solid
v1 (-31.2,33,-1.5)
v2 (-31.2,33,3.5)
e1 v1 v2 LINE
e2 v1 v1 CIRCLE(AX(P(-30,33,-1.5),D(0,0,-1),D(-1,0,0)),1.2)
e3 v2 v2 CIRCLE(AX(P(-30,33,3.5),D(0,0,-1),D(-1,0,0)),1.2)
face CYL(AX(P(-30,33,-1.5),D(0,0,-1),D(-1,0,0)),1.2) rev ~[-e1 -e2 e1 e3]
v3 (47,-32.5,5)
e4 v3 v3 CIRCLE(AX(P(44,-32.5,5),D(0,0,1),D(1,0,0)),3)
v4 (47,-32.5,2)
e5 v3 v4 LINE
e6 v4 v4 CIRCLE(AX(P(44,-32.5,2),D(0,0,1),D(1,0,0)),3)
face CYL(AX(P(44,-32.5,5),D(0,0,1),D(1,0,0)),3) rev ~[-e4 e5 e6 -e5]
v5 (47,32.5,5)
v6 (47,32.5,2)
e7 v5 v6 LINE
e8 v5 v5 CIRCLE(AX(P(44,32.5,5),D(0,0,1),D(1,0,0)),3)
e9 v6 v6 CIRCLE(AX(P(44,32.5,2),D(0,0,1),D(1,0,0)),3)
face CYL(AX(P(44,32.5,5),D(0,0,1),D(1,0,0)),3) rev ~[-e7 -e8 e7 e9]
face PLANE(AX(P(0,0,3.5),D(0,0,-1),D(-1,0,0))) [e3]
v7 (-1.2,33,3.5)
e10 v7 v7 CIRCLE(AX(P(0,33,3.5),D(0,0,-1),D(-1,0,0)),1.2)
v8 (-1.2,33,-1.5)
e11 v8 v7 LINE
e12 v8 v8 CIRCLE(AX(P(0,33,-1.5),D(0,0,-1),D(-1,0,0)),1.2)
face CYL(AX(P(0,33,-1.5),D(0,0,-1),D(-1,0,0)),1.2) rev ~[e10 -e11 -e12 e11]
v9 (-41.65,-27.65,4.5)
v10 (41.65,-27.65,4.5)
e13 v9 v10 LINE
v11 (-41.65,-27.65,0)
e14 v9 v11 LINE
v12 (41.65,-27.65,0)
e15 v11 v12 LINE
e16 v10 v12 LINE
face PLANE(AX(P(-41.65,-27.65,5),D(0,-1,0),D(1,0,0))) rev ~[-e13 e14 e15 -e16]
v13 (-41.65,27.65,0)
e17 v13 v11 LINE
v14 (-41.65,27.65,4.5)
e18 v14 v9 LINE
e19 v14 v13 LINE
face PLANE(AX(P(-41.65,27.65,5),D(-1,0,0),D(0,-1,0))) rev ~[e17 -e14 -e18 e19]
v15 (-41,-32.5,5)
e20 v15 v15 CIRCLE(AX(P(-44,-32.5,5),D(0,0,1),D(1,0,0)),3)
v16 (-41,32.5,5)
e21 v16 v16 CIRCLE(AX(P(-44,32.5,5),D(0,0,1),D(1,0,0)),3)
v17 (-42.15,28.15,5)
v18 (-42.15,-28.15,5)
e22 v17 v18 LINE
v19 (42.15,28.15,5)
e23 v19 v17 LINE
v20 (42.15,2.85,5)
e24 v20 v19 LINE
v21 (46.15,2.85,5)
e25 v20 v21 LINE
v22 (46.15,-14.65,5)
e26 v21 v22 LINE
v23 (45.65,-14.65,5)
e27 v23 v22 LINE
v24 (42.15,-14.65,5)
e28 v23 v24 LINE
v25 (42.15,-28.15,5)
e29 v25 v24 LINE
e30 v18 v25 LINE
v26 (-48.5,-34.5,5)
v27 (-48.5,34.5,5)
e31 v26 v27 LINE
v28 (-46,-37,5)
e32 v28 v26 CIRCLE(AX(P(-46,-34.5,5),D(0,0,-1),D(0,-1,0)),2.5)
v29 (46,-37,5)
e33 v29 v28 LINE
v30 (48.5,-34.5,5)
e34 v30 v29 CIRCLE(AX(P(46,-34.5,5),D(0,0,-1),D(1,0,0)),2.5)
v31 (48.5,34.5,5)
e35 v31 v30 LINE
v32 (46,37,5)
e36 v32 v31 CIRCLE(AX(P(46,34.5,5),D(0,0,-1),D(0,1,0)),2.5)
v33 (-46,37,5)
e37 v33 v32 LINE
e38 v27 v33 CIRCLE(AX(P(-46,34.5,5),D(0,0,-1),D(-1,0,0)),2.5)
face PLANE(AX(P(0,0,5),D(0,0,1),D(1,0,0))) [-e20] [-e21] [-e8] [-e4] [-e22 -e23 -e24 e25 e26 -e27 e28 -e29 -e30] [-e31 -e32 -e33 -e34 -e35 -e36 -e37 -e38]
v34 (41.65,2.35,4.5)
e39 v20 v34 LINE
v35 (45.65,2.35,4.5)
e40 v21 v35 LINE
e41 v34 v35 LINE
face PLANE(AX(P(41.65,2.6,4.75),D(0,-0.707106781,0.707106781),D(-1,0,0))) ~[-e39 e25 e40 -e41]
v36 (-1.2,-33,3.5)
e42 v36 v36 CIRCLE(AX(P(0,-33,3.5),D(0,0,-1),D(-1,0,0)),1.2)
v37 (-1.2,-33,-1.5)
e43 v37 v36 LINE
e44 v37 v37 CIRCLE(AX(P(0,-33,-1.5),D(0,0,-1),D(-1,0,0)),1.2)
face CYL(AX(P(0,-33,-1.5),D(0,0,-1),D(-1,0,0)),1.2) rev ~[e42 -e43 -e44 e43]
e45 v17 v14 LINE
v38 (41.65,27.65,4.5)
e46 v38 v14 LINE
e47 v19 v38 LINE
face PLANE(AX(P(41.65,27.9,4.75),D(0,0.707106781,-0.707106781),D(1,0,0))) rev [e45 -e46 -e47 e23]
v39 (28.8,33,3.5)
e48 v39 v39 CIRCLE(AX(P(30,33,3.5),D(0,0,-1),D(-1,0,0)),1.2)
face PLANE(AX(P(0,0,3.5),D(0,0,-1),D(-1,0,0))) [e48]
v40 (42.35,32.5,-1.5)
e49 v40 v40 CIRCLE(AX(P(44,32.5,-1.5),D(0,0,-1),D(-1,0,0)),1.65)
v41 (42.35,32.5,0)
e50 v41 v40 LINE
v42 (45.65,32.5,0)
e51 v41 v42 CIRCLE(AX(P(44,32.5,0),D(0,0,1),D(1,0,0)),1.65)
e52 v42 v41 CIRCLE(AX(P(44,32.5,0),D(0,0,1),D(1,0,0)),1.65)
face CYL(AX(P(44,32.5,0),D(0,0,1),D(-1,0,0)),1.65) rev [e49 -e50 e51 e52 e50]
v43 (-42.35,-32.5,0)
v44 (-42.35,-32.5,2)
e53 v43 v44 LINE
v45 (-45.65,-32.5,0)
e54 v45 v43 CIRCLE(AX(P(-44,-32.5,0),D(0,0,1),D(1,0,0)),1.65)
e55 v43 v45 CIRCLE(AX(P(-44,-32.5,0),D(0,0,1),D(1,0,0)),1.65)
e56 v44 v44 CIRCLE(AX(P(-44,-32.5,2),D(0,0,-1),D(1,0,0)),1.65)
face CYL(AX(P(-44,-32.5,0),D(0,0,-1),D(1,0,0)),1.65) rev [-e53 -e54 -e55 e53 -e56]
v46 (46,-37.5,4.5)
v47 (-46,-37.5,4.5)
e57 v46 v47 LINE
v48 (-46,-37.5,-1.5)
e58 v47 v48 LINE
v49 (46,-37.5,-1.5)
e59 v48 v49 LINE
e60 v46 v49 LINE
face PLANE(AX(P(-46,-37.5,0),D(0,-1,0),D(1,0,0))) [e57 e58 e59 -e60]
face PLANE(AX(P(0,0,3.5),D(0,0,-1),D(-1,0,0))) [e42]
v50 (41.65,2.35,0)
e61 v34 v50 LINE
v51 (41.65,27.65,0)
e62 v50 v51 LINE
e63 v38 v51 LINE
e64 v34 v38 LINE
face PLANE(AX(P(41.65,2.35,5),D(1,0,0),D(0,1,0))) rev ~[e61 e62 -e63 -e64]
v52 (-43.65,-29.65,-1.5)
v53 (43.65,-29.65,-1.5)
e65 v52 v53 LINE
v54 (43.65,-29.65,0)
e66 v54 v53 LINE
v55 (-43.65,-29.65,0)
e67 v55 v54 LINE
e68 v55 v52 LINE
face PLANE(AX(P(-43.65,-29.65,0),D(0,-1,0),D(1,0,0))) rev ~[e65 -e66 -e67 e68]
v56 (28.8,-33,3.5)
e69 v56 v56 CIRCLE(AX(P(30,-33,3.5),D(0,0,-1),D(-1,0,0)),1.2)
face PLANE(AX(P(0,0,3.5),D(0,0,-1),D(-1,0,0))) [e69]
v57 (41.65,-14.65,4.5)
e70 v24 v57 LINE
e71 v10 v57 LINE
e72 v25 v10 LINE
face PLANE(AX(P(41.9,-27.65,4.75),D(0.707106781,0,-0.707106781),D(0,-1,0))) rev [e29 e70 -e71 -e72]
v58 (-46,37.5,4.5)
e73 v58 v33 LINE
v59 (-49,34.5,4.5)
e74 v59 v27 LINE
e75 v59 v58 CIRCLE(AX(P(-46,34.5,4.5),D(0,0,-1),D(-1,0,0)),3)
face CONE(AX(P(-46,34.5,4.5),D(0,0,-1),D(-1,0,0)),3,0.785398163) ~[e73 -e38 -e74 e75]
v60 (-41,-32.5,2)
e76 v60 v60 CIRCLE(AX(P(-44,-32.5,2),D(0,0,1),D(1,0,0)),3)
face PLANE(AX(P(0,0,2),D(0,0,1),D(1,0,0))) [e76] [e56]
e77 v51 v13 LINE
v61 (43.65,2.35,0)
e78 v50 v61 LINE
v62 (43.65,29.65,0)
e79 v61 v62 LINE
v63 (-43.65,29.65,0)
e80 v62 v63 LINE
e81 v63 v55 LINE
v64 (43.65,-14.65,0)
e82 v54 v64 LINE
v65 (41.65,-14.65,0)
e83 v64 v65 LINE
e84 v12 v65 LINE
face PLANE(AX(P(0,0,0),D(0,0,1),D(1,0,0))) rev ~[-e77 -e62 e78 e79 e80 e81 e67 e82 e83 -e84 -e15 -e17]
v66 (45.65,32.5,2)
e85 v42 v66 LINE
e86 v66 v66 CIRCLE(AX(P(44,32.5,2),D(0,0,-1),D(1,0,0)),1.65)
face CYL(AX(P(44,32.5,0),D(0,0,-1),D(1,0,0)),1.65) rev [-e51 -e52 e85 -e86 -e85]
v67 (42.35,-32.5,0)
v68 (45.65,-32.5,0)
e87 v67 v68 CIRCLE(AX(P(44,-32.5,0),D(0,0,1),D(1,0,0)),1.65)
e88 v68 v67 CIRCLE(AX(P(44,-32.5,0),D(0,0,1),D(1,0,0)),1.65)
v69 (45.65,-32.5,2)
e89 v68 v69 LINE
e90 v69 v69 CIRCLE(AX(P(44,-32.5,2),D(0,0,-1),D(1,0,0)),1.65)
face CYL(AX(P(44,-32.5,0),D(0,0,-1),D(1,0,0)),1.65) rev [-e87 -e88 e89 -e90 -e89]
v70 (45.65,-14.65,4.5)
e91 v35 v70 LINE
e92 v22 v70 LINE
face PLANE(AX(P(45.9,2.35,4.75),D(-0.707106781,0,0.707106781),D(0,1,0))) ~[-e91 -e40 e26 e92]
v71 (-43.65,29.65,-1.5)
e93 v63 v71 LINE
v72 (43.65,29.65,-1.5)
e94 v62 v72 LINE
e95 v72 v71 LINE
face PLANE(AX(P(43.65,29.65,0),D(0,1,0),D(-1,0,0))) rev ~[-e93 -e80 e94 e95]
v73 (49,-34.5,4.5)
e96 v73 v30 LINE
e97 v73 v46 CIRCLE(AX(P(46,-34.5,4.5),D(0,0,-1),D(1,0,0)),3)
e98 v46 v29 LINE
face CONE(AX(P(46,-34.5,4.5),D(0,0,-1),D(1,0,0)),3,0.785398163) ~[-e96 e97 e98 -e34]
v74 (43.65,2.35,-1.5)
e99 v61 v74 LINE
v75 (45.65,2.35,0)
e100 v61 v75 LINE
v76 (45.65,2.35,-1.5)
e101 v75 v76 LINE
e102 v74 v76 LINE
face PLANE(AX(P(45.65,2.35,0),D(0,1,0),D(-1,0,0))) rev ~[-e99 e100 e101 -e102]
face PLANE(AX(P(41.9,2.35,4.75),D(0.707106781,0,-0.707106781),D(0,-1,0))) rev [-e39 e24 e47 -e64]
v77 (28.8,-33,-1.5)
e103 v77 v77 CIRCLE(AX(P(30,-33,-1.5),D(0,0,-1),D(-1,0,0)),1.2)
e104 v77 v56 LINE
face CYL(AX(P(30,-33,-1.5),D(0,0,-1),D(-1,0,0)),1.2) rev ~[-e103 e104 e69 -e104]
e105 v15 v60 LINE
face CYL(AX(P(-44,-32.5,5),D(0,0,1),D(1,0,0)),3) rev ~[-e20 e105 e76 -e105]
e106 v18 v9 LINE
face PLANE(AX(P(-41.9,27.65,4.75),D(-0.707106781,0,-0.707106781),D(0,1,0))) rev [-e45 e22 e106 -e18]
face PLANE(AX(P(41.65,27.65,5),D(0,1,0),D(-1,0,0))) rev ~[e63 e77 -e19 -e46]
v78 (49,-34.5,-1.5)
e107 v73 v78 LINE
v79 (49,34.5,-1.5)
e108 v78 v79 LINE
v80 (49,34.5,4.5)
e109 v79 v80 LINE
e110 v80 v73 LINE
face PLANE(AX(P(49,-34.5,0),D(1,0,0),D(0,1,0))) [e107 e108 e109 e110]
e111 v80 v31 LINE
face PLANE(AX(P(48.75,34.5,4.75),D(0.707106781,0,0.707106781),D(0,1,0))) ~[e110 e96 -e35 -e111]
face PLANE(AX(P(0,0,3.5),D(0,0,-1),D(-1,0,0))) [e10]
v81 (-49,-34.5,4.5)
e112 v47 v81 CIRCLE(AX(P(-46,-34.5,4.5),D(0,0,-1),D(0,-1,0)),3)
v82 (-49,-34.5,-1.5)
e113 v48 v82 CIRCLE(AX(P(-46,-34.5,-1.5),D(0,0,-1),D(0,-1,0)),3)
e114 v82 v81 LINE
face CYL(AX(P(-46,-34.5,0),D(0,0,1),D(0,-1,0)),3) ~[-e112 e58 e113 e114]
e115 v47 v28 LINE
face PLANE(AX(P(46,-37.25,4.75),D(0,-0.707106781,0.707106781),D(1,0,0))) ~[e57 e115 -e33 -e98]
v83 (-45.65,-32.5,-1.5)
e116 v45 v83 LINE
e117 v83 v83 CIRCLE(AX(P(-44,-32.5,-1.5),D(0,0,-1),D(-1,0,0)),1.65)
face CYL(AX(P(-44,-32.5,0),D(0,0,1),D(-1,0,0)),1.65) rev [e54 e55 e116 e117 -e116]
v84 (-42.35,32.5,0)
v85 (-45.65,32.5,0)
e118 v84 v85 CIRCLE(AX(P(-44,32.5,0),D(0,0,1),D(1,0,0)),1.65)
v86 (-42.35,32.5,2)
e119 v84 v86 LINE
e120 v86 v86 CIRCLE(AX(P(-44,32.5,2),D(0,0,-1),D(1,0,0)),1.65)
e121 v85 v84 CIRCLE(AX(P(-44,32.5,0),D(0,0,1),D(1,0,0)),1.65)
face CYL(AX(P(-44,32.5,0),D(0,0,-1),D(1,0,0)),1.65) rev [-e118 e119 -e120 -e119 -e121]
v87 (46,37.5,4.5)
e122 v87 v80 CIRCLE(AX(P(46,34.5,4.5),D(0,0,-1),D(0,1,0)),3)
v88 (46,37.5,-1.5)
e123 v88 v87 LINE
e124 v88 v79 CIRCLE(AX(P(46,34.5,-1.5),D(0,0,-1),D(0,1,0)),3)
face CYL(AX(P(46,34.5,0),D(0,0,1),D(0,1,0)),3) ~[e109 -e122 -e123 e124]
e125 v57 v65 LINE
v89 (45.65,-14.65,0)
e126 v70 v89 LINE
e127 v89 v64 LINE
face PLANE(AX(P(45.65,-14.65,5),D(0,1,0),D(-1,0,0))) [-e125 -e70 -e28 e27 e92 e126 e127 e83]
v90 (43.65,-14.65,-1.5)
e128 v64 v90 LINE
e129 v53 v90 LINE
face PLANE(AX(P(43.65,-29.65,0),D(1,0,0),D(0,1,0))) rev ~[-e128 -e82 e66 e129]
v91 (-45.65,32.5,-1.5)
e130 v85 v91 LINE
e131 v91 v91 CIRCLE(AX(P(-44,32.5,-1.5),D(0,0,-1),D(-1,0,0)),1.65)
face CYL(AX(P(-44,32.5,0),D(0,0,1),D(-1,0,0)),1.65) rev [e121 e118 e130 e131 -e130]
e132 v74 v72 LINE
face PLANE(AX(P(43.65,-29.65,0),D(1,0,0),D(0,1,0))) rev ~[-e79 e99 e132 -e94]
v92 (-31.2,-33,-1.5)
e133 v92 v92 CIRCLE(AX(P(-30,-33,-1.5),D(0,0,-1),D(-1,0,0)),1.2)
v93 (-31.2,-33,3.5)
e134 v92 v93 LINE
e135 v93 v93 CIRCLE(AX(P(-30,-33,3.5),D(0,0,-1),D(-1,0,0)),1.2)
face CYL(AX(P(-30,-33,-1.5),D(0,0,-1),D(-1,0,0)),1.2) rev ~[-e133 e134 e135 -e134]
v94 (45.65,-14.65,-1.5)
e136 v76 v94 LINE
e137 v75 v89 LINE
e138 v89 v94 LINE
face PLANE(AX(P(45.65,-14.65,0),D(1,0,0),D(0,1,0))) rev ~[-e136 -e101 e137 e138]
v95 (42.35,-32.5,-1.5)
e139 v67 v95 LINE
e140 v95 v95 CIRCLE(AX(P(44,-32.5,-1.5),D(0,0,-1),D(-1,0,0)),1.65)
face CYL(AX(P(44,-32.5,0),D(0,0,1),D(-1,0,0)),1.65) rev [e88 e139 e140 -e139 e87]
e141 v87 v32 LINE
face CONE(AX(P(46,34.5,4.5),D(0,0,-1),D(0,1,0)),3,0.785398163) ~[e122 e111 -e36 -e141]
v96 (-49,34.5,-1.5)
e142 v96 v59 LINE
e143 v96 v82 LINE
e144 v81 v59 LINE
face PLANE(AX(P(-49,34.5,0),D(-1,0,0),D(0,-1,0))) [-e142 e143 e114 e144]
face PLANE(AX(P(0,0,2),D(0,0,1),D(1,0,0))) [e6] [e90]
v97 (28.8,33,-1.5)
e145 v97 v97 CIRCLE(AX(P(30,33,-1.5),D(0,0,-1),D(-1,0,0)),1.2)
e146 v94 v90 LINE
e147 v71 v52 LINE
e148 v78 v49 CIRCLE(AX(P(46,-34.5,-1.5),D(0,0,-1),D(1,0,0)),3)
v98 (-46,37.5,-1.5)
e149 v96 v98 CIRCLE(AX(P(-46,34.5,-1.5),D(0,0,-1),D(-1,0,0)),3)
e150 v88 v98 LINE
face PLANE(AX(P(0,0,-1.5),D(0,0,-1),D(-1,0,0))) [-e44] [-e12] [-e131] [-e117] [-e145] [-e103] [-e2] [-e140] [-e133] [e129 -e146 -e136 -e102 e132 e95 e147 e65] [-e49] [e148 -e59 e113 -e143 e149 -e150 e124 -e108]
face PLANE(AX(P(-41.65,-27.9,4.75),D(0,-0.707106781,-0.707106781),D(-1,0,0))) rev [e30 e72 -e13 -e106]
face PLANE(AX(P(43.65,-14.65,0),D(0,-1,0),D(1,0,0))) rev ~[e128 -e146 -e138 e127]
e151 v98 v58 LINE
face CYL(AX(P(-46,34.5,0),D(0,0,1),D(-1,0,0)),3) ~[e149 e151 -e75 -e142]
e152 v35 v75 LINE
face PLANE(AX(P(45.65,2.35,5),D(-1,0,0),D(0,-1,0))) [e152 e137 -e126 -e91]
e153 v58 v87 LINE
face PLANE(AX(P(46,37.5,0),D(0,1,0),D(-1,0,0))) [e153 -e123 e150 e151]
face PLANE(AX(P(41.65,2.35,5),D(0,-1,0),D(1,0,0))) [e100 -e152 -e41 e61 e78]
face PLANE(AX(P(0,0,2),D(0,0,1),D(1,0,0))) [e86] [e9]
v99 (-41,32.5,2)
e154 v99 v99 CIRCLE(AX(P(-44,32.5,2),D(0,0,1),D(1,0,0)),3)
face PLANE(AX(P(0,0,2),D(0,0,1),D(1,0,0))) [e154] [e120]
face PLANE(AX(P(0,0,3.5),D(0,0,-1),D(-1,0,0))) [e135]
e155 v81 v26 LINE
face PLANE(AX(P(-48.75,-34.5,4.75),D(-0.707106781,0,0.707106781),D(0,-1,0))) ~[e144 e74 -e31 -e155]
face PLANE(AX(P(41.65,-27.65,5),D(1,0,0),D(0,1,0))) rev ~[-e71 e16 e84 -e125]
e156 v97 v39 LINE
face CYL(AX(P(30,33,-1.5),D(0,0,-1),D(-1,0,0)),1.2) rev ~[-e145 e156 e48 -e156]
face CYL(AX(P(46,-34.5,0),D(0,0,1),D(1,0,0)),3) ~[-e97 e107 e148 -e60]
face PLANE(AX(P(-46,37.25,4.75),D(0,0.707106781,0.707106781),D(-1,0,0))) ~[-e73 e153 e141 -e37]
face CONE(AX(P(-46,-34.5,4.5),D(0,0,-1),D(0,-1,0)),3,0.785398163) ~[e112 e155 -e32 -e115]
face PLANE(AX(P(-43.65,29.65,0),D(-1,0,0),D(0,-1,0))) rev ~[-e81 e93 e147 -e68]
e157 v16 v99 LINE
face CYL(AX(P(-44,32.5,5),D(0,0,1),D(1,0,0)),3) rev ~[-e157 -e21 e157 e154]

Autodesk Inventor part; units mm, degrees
ref_plane "YZ Plane" through (0, 0, 0) normal (1, 0, 0) x (0, 1, 0)
ref_plane "XZ Plane" through (0, 0, 0) normal (0, 1, 0) x (-1, 0, 0)
ref_plane "XY Plane" through (0, 0, 0) normal (0, 0, 1) x (1, 0, 0)
sketch "Sketch1" plane through (0, 0, 0) normal (0, 0, 1) x (1, 0, 0)
  line L0 (46, -37.5) -> (-46, -37.5)
  line L1 (-49, -34.5) -> (-49, 34.5)
  line L2 (-46, 37.5) -> (46, 37.5)
  line L3 (49, 34.5) -> (49, -34.5)
  line L4 (49, -37.5) -> (-49, 37.5) construction
  line L5 (-49, -37.5) -> (49, 37.5) construction
  line L6 (44, -32.5) -> (-44, -32.5) construction
  line L7 (-44, -32.5) -> (-44, 32.5) construction
  line L8 (-44, 32.5) -> (44, 32.5) construction
  line L9 (44, 32.5) -> (44, -32.5) construction
  line L10 (44, -32.5) -> (-44, 32.5) construction
  line L11 (-44, -32.5) -> (44, 32.5) construction
  arc A0 (-46, 37.5) -> (-49, 34.5) centre (-46, 34.5) ccw
  arc A1 (49, 34.5) -> (46, 37.5) centre (46, 34.5) ccw
  arc A2 (46, -37.5) -> (49, -34.5) centre (46, -34.5) ccw
  circle A3 centre (-44, 32.5) radius 1.65
  circle A4 centre (-44, -32.5) radius 1.65
  circle A5 centre (44, -32.5) radius 1.65
  circle A6 centre (44, 32.5) radius 1.65
  arc A7 (-49, -34.5) -> (-46, -37.5) centre (-46, -34.5) ccw
  point P0 (0, 0)
  dimension "d0" = 75
  dimension "d1" = 98
  dimension "d2" = 3
  dimension "d3" = 88
  dimension "d4" = 65
  dimension "d5" = 3.3
  dimension "d6" = 3
extrude "Extrusion1" add sketch "Sketch1" along normal blind 5
sketch "Sketch2" plane through (0, 0, 5) normal (0, 0, 1) x (1, 0, 0)
  line L0 (-41.65, -27.65) -> (41.65, -27.65)
  line L1 (41.65, 27.65) -> (-41.65, 27.65)
  line L2 (-41.65, 27.65) -> (-41.65, -27.65)
  line L3 (-41.65, -27.65) -> (41.65, 27.65) construction
  line L4 (41.65, -27.65) -> (-41.65, 27.65) construction
  line L5 (41.65, 2.35) -> (45.65, 2.35)
  line L6 (45.65, 2.35) -> (45.65, -14.65)
  line L7 (45.65, -14.65) -> (41.65, -14.65)
  line L8 (41.65, -27.65) -> (41.65, -14.65)
  line L9 (41.65, 2.35) -> (41.65, 27.65)
  point P0 (0, 0)
  dimension "d9" = 55.3
  dimension "d10" = 83.3
  dimension "d11" = 13
  dimension "d12" = 4
  dimension "d13" = 30
extrude "Extrusion2" cut sketch "Sketch2" against normal through all
sketch "Sketch3" plane through (0, 0, 0) normal (0, 0, -1) x (-1, 0, 0)
  line L0 (41.65, -27.65) -> (-41.65, -27.65) projected
  line L1 (-41.65, -27.65) -> (-41.65, -14.65) projected
  line L2 (-41.65, -14.65) -> (-45.65, -14.65) construction
  line L3 (-45.65, -14.65) -> (-45.65, 2.35) construction
  line L4 (-45.65, 2.35) -> (-41.65, 2.35) construction
  line L5 (-41.65, 2.35) -> (-41.65, 27.65) projected
  line L6 (-41.65, 27.65) -> (41.65, 27.65) projected
  line L7 (41.65, 27.65) -> (41.65, -27.65) projected
  arc A0 (-49, -34.5) -> (-46, -37.5) centre (-46, -34.5) ccw projected
  line L8 (46, -37.5) -> (-46, -37.5) projected
  arc A1 (46, -37.5) -> (49, -34.5) centre (46, -34.5) ccw projected
  line L9 (49, 34.5) -> (49, -34.5) projected
  arc A2 (49, 34.5) -> (46, 37.5) centre (46, 34.5) ccw projected
  line L10 (-46, 37.5) -> (46, 37.5) projected
  arc A3 (-46, 37.5) -> (-49, 34.5) centre (-46, 34.5) ccw projected
  line L11 (-49, -34.5) -> (-49, 34.5) projected
  circle A4 centre (-44, 32.5) radius 1.65 projected
  circle A5 centre (-44, -32.5) radius 1.65 projected
  circle A6 centre (44, -32.5) radius 1.65 projected
  circle A7 centre (44, 32.5) radius 1.65 projected
  line L12 (43.65, -29.65) -> (-43.65, -29.65)
  line L13 (-43.65, -29.65) -> (-43.65, 29.65)
  line L14 (-43.65, 29.65) -> (43.65, 29.65)
  line L15 (43.65, 29.65) -> (43.65, -29.65)
  line L16 (43.65, -29.65) -> (-43.65, 29.65) construction
  line L17 (-43.65, -29.65) -> (43.65, 29.65) construction
  point P0 (0, 0)
  dimension "d16" = 2
  dimension "d17" = 2
extrude "Extrusion3" add sketch "Sketch3" along normal blind 1.5
sketch "Sketch4" plane through (0, 0, -1.5) normal (0, 0, -1) x (-1, 0, 0)
  line L0 (30, -33) -> (-30, -33) construction
  line L1 (-30, -33) -> (-30, 33) construction
  line L2 (-30, 33) -> (30, 33) construction
  line L3 (30, 33) -> (30, -33) construction
  line L4 (30, -33) -> (-30, 33) construction
  line L5 (-30, -33) -> (30, 33) construction
  circle A0 centre (-30, 33) radius 1.2
  circle A1 centre (30, 33) radius 1.2
  circle A2 centre (-30, -33) radius 1.2
  circle A3 centre (30, -33) radius 1.2
  line L6 (46, 37.5) -> (-46, 37.5) projected
  circle A4 centre (0, 33) radius 1.2
  circle A5 centre (0, -33) radius 1.2
  point P0 (0, 0)
  dimension "d20" = 2.4
  dimension "d21" = 4.5
  dimension "d22" = 60
extrude "Extrusion4" cut sketch "Sketch4" against normal blind 5
sketch "Sketch5" plane through (0, 0, 0) normal (0, 0, 1) x (1, 0, 0)
  line L0 (45.65, 2.35) -> (43.65, 2.35) projected
  line L1 (43.65, -14.65) -> (43.65, 2.35) projected
  line L2 (43.65, -14.65) -> (45.65, -14.65) projected
  line L3 (45.65, -14.65) -> (45.65, 2.35) projected
  point P0 (0, 0)
extrude "Extrusion5" cut sketch "Sketch5" against normal blind 5
sketch "Sketch6" plane through (0, 0, 5) normal (0, 0, 1) x (1, 0, 0)
  circle A0 centre (-44, 32.5) radius 1.65 projected
  circle A1 centre (-44, 32.5) radius 3
  circle A2 centre (44, 32.5) radius 1.65 projected
  circle A3 centre (44, 32.5) radius 3
  circle A4 centre (44, -32.5) radius 1.65 projected
  circle A5 centre (44, -32.5) radius 3
  circle A6 centre (-44, -32.5) radius 1.65 projected
  circle A7 centre (-44, -32.5) radius 3
  point P0 (0, 0)
  dimension "d27" = 6
extrude "Extrusion6" cut sketch "Sketch6" against normal blind 3 contours A0 | A1 | A2 | A3 | A4 | A5 | A6 | A7
chamfer "Chamfer1" distance 0.5 angle 45 15 edges at (49, 0, 5) (48.1213, 36.6213, 5) (0, 37.5, 5) (-48.1213, 36.6213, 5) (-49, 0, 5) (-48.1213, -36.6213, 5) (0, -37.5, 5) (48.1213, -36.6213, 5) (45.65, -6.15, 5) (43.65, 2.35, 5) (41.65, 15, 5) (0, 27.65, 5) (0, -27.65, 5) (41.65, -21.15, 5) (-41.65, 0, 5)
properties part number "MainLid"
